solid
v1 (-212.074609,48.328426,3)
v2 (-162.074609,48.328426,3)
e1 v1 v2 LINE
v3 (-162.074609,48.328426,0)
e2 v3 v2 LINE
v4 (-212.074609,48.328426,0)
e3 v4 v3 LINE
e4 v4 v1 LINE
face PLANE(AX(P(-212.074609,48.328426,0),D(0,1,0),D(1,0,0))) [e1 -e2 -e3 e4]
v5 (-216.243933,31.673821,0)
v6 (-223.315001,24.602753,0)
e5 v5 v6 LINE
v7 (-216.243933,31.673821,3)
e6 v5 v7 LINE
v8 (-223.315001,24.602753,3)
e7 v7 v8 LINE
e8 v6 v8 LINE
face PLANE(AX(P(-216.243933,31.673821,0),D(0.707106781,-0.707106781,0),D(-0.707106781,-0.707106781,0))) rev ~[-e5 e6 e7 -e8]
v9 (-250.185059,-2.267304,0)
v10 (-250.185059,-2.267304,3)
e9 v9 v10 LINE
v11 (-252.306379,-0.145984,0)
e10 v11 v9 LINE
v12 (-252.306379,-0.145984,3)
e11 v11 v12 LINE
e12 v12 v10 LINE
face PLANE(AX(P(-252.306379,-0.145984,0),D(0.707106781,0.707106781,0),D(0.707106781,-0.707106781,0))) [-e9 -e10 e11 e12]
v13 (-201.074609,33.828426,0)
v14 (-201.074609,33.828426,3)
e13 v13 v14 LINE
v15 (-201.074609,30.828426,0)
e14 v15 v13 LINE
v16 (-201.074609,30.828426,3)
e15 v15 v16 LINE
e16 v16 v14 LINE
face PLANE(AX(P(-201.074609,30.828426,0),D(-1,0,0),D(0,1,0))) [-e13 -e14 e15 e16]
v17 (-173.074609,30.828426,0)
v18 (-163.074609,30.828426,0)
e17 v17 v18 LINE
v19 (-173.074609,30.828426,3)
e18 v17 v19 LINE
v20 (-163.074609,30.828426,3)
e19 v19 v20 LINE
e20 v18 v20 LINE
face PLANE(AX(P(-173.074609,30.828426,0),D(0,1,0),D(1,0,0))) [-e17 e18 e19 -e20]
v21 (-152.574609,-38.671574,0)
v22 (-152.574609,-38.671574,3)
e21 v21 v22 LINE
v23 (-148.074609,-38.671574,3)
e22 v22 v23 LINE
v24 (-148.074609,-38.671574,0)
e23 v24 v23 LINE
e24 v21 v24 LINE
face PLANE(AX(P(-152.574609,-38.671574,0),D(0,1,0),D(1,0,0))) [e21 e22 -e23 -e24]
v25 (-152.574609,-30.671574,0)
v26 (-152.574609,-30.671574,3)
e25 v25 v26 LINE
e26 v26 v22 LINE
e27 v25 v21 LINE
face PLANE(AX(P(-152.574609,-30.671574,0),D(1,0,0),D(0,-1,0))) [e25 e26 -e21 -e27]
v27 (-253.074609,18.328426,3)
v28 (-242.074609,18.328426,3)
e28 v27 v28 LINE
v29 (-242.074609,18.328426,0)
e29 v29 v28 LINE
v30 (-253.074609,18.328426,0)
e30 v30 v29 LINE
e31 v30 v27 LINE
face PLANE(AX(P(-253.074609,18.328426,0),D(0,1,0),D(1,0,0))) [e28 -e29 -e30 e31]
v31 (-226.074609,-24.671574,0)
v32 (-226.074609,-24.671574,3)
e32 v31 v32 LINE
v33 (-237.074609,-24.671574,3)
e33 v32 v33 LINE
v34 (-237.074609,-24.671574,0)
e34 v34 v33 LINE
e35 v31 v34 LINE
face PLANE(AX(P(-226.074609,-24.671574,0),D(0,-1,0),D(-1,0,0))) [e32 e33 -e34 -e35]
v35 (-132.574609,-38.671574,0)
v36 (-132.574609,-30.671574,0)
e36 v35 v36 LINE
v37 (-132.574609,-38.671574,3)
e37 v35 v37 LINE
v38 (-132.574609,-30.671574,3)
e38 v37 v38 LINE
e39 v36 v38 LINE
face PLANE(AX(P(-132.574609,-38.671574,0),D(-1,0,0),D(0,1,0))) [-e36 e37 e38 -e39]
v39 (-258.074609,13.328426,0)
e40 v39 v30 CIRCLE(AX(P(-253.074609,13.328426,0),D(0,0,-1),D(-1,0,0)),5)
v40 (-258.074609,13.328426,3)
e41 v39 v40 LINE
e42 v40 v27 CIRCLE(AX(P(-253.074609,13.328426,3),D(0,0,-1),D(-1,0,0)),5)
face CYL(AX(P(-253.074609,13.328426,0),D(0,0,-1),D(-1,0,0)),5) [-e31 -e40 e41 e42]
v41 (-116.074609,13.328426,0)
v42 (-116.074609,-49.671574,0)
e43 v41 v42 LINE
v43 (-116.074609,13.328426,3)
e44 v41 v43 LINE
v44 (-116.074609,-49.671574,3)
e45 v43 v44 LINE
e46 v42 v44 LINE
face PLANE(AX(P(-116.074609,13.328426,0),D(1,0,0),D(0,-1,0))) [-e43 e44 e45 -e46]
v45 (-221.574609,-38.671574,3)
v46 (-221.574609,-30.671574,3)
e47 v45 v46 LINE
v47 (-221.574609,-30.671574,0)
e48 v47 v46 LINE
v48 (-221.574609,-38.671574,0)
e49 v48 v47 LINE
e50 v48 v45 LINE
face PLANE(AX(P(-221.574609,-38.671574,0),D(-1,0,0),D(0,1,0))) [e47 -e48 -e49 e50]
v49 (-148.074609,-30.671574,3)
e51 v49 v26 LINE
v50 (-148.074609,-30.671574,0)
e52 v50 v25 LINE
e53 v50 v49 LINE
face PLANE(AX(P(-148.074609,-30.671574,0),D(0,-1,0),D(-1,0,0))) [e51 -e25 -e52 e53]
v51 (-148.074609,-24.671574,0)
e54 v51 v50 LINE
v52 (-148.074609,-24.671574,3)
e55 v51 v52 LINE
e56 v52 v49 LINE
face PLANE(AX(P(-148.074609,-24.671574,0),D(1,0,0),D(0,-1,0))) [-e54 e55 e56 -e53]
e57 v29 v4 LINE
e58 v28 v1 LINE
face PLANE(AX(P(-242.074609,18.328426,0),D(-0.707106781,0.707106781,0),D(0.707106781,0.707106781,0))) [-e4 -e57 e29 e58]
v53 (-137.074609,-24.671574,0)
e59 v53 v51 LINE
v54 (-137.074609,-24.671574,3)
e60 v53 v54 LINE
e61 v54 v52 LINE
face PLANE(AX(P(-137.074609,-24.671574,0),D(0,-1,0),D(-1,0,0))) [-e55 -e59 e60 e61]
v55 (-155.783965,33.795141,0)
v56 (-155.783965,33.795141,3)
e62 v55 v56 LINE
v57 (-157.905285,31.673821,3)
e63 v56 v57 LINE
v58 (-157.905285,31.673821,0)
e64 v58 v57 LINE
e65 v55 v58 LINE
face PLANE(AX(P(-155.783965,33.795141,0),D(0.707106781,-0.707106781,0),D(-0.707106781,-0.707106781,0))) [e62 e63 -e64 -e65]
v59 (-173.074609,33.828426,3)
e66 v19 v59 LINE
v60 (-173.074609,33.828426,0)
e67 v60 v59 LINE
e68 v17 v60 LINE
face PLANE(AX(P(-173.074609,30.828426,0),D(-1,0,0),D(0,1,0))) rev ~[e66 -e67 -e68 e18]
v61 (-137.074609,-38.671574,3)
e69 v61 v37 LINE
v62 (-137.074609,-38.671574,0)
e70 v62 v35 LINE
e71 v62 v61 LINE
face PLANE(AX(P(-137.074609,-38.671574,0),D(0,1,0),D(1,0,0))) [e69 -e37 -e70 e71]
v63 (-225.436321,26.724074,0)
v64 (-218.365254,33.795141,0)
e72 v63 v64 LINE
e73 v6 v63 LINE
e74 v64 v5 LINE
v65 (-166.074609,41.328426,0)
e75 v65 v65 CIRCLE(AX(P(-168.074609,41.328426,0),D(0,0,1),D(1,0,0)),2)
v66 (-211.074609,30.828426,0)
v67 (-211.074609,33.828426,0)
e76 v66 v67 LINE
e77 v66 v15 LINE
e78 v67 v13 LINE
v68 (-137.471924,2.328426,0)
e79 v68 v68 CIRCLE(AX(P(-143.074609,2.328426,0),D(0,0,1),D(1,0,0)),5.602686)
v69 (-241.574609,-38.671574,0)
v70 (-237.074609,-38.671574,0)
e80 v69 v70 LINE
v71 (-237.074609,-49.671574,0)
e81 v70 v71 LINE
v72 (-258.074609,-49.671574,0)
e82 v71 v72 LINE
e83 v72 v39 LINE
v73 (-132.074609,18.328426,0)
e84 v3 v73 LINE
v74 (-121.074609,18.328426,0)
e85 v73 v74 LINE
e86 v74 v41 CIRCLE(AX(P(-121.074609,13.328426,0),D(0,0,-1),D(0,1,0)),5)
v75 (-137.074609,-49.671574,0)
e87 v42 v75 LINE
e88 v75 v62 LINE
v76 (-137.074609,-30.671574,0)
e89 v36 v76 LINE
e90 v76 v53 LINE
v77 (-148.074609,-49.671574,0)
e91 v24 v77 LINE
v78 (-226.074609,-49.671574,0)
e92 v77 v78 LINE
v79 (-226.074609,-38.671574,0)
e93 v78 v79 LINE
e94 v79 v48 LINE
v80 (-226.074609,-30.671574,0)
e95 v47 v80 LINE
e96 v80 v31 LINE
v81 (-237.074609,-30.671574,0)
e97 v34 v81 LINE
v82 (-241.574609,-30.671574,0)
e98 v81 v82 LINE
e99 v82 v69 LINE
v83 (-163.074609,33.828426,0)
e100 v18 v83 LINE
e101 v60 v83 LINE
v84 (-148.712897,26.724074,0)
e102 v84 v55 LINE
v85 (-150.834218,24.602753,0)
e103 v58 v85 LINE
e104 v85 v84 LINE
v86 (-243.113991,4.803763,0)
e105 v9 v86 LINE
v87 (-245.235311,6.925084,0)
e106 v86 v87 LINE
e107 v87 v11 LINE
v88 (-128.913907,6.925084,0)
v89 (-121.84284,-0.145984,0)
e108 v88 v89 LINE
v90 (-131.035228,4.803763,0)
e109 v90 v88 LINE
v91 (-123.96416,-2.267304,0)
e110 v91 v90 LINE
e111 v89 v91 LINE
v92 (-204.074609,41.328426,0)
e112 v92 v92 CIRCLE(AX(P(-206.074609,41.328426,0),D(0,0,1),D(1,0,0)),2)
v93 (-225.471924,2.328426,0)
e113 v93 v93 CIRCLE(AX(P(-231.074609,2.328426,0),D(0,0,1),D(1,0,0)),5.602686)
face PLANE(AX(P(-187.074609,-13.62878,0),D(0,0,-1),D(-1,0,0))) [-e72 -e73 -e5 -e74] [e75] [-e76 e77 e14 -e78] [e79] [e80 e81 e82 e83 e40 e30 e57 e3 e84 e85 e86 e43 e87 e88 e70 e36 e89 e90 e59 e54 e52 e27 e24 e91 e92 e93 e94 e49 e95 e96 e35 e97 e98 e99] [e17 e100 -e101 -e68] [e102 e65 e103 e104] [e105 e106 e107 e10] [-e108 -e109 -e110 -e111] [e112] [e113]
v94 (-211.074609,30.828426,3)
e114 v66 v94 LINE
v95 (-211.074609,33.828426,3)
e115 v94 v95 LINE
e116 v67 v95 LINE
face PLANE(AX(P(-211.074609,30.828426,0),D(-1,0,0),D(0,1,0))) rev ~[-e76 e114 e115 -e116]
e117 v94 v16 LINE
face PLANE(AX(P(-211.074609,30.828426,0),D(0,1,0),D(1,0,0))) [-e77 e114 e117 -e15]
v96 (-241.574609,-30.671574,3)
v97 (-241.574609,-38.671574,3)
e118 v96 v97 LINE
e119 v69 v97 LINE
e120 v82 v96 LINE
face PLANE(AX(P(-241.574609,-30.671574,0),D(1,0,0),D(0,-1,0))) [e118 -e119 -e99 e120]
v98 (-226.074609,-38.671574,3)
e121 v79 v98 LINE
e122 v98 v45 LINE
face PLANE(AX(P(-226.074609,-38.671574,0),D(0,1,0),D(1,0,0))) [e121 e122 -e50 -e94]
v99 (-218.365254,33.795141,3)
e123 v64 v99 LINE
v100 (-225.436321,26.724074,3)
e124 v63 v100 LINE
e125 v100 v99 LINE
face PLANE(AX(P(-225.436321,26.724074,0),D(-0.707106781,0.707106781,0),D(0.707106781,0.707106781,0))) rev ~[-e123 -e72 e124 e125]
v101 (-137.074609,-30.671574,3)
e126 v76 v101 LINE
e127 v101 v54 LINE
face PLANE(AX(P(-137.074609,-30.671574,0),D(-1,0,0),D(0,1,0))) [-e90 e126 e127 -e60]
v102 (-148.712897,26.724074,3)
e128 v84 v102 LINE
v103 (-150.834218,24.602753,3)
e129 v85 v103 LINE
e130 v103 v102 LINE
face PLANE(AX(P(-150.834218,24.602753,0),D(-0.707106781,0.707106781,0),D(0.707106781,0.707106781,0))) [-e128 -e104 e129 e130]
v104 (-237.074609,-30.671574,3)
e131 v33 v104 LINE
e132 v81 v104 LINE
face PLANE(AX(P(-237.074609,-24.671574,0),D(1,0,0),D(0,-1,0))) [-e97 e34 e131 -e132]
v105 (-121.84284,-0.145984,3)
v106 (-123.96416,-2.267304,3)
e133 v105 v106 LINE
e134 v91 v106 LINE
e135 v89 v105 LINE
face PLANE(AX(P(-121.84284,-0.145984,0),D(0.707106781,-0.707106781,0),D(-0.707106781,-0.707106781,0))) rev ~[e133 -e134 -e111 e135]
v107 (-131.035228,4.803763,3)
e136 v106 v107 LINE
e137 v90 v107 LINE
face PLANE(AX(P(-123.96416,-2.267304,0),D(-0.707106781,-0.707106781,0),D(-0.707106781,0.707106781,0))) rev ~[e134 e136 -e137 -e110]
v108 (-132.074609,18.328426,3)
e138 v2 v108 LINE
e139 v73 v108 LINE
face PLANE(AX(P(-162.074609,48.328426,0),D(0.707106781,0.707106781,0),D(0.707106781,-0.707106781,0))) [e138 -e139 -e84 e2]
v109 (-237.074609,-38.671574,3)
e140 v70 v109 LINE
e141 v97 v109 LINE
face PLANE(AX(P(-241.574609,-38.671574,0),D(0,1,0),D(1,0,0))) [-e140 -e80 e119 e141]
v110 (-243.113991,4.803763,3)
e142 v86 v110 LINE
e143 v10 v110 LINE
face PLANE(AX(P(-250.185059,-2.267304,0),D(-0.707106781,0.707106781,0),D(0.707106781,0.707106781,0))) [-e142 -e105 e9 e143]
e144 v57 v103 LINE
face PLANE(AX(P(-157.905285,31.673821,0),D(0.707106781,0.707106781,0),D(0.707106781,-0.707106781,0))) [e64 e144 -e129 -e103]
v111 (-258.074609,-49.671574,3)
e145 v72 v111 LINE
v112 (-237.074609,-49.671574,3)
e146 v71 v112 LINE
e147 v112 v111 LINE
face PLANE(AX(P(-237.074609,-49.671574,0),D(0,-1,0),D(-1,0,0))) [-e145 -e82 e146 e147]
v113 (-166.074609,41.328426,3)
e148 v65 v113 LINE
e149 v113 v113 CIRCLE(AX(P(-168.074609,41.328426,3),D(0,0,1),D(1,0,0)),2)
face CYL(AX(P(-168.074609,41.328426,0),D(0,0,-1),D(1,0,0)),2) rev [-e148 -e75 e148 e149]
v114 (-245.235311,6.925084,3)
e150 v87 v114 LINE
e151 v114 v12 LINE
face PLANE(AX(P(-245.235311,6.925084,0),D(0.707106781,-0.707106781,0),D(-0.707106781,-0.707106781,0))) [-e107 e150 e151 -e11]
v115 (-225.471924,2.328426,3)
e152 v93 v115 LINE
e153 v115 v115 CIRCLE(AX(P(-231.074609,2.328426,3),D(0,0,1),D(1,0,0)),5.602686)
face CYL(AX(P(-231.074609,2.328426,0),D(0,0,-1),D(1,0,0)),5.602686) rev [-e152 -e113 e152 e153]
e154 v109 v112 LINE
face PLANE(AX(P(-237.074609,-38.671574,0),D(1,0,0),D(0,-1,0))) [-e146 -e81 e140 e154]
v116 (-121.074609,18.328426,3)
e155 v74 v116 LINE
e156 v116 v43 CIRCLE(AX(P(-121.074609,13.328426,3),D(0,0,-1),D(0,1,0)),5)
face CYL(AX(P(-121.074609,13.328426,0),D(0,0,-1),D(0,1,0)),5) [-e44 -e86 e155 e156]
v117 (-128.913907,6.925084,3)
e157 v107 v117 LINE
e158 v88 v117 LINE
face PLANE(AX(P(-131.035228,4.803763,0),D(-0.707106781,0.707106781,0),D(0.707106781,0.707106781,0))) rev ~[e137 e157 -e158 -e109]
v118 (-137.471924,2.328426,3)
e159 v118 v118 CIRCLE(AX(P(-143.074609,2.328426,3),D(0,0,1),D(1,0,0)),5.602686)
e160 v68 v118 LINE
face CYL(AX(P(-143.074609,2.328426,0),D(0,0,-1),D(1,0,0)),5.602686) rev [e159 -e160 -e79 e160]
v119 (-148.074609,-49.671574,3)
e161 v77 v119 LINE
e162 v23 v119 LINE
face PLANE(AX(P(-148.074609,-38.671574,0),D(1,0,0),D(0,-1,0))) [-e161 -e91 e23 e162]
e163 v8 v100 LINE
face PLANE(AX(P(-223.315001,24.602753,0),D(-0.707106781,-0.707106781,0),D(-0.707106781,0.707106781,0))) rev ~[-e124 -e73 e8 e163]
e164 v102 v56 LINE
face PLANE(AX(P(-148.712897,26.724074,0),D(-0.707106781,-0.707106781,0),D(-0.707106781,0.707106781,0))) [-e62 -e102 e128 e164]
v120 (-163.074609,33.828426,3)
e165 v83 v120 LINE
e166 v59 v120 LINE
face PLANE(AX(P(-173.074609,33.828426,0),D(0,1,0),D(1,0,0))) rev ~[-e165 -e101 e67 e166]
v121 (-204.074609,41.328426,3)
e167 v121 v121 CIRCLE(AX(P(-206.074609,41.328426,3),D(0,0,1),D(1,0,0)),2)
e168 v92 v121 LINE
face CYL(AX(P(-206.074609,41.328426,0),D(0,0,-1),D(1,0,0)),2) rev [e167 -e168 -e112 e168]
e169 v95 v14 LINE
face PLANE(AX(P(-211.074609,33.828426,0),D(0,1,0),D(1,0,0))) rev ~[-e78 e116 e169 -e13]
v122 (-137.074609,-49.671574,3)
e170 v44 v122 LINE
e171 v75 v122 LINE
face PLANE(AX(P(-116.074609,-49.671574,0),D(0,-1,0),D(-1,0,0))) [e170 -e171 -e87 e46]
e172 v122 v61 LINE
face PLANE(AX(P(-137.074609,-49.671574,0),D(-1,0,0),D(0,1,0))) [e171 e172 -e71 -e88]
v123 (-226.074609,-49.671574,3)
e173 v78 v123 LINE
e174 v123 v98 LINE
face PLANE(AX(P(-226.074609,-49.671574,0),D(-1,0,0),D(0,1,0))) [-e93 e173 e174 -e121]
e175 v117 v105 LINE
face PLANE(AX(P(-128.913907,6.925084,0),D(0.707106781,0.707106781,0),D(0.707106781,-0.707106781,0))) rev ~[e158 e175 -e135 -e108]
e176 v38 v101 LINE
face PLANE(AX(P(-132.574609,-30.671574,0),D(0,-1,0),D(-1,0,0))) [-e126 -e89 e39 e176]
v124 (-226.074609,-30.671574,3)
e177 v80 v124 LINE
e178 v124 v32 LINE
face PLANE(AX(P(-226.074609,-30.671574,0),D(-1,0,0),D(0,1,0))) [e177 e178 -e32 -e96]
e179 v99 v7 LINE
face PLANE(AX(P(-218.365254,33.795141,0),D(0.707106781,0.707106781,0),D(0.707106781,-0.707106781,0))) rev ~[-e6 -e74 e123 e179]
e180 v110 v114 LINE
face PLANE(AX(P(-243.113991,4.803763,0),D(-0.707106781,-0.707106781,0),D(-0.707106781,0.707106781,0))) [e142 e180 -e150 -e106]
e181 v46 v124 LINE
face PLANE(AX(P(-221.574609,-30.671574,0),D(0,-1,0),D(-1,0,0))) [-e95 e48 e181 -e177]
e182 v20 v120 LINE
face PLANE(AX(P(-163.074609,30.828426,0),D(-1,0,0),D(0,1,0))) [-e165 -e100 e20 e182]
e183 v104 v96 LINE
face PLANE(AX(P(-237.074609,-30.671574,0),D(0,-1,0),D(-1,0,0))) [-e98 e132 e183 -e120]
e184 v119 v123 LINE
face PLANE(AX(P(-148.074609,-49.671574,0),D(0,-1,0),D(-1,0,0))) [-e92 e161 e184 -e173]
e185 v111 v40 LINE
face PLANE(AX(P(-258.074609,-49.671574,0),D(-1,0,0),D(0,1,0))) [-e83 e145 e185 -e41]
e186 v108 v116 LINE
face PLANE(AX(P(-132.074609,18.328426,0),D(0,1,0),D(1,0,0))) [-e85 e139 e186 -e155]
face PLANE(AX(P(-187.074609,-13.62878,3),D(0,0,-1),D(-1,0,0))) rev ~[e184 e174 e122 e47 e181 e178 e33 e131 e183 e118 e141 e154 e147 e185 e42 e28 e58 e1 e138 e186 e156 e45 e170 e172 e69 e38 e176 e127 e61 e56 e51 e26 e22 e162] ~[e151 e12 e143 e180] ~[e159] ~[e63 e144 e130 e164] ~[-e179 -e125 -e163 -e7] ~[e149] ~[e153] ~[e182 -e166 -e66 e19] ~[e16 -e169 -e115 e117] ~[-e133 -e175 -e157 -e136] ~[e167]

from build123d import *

# Parameters (mm, degrees)
MODEL_R                 = 5.602685567
MODEL_R_2               = 2
MODEL_W                 = 10
MODEL_H                 = 3
SALIENTE_EXTRUIR1_DEPTH = 3


with BuildPart() as part:
    # Model → Saliente-Extruir1 (new body)
    with BuildSketch(Plane.XY):
        with BuildLine():
            Line((-237.074609356, -49.671573713), (-258.074609356, -49.671573713))
            Line((-258.074609356, -49.671573713), (-258.074609356, 13.328426287))
            ThreePointArc((-258.074609356, 13.328426287), (-256.610143262, 16.863960193), (-253.074609356, 18.328426287))
            Line((-253.074609356, 18.328426287), (-242.074609356, 18.328426287))
            Line((-242.074609356, 18.328426287), (-212.074609356, 48.328426287))
            Line((-212.074609356, 48.328426287), (-162.074609356, 48.328426287))
            Line((-162.074609356, 48.328426287), (-132.074609356, 18.328426287))
            Line((-132.074609356, 18.328426287), (-121.074609356, 18.328426287))
            ThreePointArc((-121.074609356, 18.328426287), (-117.53907545, 16.863960193), (-116.074609356, 13.328426287))
            Line((-116.074609356, 13.328426287), (-116.074609356, -49.671573713))
            Line((-116.074609356, -49.671573713), (-137.074609356, -49.671573713))
            Line((-137.074609356, -49.671573713), (-137.074609356, -38.671573713))
            Line((-137.074609356, -38.671573713), (-132.574609356, -38.671573713))
            Line((-132.574609356, -38.671573713), (-132.574609356, -30.671573713))
            Line((-132.574609356, -30.671573713), (-137.074609356, -30.671573713))
            Line((-137.074609356, -30.671573713), (-137.074609356, -24.671573713))
            Line((-137.074609356, -24.671573713), (-148.074609356, -24.671573713))
            Line((-148.074609356, -24.671573713), (-148.074609356, -30.671573713))
            Line((-148.074609356, -30.671573713), (-152.574609356, -30.671573713))
            Line((-152.574609356, -30.671573713), (-152.574609356, -38.671573713))
            Line((-152.574609356, -38.671573713), (-148.074609356, -38.671573713))
            Line((-148.074609356, -38.671573713), (-148.074609356, -49.671573713))
            Line((-148.074609356, -49.671573713), (-226.074609356, -49.671573713))
            Line((-226.074609356, -49.671573713), (-226.074609356, -38.671573713))
            Line((-226.074609356, -38.671573713), (-221.574609356, -38.671573713))
            Line((-221.574609356, -38.671573713), (-221.574609356, -30.671573713))
            Line((-221.574609356, -30.671573713), (-226.074609356, -30.671573713))
            Line((-226.074609356, -30.671573713), (-226.074609356, -24.671573713))
            Line((-226.074609356, -24.671573713), (-237.074609356, -24.671573713))
            Line((-237.074609356, -24.671573713), (-237.074609356, -30.671573713))
            Line((-237.074609356, -30.671573713), (-241.574609356, -30.671573713))
            Line((-241.574609356, -30.671573713), (-241.574609356, -38.671573713))
            Line((-241.574609356, -38.671573713), (-237.074609356, -38.671573713))
            Line((-237.074609356, -38.671573713), (-237.074609356, -49.671573713))
        make_face()
        with Locations((-231.074609356, 2.328426287)):
            Circle(MODEL_R, mode=Mode.SUBTRACT)
        with Locations((-143.074609356, 2.328426287)):
            Circle(MODEL_R, mode=Mode.SUBTRACT)
        with Locations((-168.074609356, 41.328426287)):
            Circle(MODEL_R_2, mode=Mode.SUBTRACT)
        with Locations((-206.074609356, 41.328426287)):
            Circle(MODEL_R_2, mode=Mode.SUBTRACT)
        Polygon((-157.905285481, 31.673821038), (-150.834217669, 24.602753226), (-148.712897325, 26.724073569), (-155.783965137, 33.795141381), align=None, mode=Mode.SUBTRACT)
        Polygon((-250.185058728, -2.267304459), (-243.113990916, 4.803763352), (-245.23531126, 6.925083696), (-252.306379072, -0.145984116), align=None, mode=Mode.SUBTRACT)
        with Locations((-206.074609356, 32.328426287)):
            Rectangle(MODEL_W, MODEL_H, mode=Mode.SUBTRACT)
        Polygon((-123.964159984, -2.267304459), (-131.035227796, 4.803763352), (-128.913907452, 6.925083696), (-121.84283964, -0.145984116), align=None, mode=Mode.SUBTRACT)
        Polygon((-216.243933231, 31.673821038), (-223.315001043, 24.602753226), (-225.436321387, 26.724073569), (-218.365253575, 33.795141381), align=None, mode=Mode.SUBTRACT)
        with Locations((-168.074609356, 32.328426287)):
            Rectangle(MODEL_W, MODEL_H, mode=Mode.SUBTRACT)
    extrude(amount=SALIENTE_EXTRUIR1_DEPTH)


solid = part.part
